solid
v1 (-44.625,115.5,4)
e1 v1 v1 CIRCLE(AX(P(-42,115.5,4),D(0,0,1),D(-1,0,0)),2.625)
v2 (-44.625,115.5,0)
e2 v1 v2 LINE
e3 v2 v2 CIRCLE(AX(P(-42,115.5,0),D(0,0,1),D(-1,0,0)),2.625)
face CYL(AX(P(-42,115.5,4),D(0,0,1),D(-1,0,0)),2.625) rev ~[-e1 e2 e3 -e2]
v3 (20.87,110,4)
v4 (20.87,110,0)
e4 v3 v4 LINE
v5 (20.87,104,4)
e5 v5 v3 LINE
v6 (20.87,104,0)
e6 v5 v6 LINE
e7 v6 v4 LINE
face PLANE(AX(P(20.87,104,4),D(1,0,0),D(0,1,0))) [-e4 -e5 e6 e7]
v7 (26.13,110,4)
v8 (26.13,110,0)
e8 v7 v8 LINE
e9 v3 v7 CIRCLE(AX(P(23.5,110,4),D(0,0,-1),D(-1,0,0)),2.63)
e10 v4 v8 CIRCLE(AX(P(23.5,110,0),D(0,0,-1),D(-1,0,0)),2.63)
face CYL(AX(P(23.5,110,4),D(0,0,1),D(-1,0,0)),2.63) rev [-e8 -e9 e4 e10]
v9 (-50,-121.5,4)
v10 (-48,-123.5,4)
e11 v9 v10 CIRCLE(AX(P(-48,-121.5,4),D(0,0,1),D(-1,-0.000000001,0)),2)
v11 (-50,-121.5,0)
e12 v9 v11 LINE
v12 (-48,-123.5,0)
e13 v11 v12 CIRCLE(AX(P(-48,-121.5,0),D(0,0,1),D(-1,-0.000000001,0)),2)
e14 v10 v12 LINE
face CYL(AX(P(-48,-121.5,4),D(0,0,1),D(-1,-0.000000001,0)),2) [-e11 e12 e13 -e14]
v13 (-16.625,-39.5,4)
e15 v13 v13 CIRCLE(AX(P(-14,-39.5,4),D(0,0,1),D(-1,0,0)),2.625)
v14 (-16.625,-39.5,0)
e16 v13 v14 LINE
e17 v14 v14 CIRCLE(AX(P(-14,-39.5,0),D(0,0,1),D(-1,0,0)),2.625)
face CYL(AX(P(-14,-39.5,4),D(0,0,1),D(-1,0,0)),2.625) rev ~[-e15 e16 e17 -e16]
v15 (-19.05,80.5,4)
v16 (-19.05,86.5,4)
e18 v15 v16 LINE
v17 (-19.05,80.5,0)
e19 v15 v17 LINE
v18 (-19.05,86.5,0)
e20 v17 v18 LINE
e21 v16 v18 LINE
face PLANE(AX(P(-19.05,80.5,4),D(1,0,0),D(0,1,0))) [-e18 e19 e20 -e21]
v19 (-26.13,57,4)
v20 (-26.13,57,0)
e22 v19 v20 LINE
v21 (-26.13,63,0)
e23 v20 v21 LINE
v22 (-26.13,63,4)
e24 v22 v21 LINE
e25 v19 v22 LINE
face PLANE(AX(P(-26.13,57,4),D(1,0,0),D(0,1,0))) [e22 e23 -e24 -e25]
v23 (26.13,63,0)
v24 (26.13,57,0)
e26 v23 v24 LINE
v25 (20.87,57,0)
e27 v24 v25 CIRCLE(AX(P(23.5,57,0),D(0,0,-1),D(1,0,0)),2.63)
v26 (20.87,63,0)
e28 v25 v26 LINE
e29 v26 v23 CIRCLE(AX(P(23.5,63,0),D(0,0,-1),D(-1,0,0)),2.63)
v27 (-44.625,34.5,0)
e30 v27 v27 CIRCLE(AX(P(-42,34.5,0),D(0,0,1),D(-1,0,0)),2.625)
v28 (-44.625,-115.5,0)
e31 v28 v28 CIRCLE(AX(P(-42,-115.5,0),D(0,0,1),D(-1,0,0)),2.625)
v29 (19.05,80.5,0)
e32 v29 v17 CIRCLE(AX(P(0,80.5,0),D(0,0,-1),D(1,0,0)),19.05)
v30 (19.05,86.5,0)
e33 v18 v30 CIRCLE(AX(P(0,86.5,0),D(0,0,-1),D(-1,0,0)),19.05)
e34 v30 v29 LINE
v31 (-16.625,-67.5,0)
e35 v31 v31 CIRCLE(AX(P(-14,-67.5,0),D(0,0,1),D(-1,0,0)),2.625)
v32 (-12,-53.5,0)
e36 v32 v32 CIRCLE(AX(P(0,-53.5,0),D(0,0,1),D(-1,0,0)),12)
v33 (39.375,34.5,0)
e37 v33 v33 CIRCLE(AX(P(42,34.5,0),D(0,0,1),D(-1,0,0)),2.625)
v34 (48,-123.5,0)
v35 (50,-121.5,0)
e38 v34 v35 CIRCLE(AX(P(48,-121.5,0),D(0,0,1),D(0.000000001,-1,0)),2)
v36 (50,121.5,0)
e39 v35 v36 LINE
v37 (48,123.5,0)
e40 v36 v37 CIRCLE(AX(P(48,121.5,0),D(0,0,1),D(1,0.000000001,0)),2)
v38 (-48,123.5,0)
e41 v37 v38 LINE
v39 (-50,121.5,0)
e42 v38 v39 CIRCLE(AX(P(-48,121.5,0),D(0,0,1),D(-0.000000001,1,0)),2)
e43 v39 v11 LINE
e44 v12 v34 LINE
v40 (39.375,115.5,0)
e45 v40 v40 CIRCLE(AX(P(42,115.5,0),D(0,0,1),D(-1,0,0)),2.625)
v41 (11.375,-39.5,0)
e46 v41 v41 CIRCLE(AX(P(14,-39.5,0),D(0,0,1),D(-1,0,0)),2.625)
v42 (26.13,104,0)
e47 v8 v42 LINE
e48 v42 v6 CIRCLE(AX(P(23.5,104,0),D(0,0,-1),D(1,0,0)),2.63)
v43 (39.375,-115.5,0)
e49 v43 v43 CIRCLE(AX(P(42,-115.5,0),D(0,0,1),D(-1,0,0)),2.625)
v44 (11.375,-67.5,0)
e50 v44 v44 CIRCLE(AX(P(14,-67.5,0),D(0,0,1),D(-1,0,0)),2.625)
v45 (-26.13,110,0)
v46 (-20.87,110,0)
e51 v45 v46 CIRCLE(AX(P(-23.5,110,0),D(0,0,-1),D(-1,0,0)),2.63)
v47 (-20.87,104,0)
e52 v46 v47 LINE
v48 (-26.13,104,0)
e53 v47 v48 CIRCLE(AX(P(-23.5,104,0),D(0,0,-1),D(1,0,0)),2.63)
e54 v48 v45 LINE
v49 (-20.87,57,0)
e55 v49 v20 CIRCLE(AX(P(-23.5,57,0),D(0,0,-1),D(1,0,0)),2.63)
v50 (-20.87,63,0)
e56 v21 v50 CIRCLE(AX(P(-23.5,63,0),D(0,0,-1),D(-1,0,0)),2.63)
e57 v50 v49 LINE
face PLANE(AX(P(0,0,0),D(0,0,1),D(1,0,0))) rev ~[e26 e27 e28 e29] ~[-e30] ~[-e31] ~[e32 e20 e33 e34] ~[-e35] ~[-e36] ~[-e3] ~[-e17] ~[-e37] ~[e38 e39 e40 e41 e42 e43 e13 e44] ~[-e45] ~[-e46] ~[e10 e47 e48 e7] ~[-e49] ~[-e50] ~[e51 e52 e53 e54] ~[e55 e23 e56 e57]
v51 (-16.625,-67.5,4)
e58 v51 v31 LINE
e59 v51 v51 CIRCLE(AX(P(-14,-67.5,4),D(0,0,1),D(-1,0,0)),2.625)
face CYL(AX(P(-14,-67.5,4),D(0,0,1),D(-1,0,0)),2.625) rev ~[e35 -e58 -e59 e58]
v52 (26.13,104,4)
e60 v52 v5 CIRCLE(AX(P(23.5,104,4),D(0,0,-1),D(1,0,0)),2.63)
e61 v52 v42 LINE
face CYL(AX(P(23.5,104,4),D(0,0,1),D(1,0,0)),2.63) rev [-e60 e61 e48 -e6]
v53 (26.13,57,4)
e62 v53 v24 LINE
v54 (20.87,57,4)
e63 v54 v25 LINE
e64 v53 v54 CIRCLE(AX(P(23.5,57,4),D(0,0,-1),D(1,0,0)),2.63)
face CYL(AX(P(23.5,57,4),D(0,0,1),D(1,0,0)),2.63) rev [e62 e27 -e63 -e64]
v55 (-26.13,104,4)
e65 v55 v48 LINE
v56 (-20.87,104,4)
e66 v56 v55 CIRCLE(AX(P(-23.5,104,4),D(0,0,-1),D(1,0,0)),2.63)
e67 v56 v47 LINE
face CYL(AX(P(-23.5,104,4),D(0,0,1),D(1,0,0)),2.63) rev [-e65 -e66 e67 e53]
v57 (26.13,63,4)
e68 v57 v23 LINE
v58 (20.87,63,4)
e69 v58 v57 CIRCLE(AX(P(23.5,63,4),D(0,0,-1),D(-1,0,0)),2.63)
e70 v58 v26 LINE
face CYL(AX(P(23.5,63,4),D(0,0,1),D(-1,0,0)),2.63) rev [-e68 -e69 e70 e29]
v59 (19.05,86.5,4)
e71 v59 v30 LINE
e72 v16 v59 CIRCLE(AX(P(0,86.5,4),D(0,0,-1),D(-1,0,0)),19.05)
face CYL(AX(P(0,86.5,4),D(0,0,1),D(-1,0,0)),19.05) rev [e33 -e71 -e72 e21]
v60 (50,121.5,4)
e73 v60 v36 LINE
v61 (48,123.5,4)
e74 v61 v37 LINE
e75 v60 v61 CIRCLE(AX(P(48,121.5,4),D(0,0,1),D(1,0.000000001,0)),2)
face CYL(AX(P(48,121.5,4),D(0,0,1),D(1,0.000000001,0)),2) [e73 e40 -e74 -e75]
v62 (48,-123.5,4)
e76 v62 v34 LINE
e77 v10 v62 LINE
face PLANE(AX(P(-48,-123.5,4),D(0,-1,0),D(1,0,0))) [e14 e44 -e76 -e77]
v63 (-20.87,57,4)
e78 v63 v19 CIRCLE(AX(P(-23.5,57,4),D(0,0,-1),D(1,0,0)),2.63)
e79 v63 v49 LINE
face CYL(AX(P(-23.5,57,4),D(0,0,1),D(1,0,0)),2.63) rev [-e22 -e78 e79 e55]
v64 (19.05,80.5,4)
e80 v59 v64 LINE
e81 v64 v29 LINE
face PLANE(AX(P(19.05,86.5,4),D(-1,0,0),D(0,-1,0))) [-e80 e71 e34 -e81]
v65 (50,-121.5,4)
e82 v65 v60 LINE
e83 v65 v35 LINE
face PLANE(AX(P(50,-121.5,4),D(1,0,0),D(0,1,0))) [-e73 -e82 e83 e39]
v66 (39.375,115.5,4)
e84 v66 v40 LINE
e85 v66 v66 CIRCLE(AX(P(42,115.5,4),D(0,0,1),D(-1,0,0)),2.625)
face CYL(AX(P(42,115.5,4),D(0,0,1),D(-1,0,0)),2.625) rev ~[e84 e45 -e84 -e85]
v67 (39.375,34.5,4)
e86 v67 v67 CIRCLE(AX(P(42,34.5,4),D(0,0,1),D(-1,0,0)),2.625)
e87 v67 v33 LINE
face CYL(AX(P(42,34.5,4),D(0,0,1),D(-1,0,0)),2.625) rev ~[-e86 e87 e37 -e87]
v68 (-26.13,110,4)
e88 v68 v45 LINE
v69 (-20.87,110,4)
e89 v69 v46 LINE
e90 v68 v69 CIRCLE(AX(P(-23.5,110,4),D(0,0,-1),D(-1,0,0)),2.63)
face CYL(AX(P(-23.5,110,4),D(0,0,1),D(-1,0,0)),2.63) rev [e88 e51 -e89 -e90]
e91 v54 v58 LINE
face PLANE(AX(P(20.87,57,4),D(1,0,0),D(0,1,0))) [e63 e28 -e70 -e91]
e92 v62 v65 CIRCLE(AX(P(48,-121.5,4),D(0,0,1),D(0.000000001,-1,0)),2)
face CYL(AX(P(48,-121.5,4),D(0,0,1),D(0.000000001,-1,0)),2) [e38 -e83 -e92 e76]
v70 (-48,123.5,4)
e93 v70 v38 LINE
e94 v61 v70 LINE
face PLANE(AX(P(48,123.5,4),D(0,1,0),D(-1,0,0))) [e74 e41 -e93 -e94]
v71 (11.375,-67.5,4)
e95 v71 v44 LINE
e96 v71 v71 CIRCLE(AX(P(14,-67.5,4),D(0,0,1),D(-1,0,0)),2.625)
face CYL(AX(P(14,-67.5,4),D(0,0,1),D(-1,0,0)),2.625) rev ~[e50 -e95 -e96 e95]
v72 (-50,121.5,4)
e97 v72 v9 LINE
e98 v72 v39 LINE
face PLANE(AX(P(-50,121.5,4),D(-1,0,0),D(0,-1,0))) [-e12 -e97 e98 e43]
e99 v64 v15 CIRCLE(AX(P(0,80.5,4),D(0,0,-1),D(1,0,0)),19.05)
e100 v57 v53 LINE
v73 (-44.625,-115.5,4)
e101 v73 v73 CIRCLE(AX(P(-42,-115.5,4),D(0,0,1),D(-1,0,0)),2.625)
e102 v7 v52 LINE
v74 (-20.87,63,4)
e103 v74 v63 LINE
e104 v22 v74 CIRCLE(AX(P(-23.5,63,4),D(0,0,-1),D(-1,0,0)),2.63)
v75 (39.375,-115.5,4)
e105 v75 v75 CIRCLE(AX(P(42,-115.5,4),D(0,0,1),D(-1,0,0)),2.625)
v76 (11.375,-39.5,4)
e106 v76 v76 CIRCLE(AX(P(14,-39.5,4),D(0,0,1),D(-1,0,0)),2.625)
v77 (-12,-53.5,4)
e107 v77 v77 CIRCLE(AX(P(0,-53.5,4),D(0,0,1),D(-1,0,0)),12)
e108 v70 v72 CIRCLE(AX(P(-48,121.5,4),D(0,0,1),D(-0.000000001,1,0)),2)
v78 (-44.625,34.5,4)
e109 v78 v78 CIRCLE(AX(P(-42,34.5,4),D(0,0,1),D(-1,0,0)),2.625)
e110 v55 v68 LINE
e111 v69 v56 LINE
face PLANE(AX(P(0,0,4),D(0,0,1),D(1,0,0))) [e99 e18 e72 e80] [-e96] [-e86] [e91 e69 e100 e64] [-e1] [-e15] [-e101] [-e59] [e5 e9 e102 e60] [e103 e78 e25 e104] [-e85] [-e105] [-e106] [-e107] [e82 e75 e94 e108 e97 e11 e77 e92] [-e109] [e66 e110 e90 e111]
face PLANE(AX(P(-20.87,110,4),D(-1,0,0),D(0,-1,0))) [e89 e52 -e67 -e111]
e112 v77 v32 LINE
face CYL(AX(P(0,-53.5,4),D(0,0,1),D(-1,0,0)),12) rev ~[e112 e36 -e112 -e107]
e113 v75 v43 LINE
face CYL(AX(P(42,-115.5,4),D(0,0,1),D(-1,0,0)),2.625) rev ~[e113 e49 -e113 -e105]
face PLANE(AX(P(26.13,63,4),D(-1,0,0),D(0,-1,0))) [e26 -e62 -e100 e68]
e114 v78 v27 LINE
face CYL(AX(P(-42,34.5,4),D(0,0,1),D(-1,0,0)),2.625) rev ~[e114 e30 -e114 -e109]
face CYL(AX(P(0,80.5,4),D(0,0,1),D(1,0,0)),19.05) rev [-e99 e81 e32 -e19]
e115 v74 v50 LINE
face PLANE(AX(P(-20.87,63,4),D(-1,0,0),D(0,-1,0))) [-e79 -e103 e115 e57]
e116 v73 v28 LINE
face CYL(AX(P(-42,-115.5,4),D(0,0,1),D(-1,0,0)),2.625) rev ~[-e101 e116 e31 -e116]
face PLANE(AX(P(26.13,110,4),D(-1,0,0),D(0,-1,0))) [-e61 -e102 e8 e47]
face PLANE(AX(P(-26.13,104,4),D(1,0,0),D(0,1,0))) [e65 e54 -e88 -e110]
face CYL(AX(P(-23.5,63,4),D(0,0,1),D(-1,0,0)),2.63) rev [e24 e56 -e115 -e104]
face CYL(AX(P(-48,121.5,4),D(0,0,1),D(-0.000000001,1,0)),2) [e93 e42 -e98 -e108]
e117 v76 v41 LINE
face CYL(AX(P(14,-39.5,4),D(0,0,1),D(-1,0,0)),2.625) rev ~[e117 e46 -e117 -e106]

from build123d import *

# Parameters (mm, degrees)
SKETCH1_R           = 2.625
SKETCH1_R_2         = 12
BOSS_EXTRUDE1_DEPTH = 4


with BuildPart() as part:
    # Sketch1 → Boss-Extrude1 (new body)
    with BuildSketch(Plane.XY.offset(4)):
        with BuildLine():
            Line((-48, -123.5), (48, -123.5))
            ThreePointArc((48, -123.5), (49.414213562, -122.914213562), (50, -121.5))
            Line((50, -121.5), (50, 121.5))
            ThreePointArc((50, 121.5), (49.414213562, 122.914213562), (48, 123.5))
            Line((48, 123.5), (-48, 123.5))
            ThreePointArc((-48, 123.5), (-49.414213562, 122.914213562), (-50, 121.5))
            Line((-50, 121.5), (-50, -121.5))
            ThreePointArc((-50, -121.5), (-49.414213562, -122.914213562), (-48, -123.5))
        make_face()
        with Locations(Location((14, -67.5, 0), (0, 0, 180))):
            Circle(SKETCH1_R, mode=Mode.SUBTRACT)
        with Locations(Location((-14, -67.5, 0), (0, 0, 180))):
            Circle(SKETCH1_R, mode=Mode.SUBTRACT)
        with Locations(Location((14, -39.5, 0), (0, 0, 180))):
            Circle(SKETCH1_R, mode=Mode.SUBTRACT)
        with Locations(Location((42, 115.5, 0), (0, 0, 180))):
            Circle(SKETCH1_R, mode=Mode.SUBTRACT)
        with Locations(Location((0, -53.5, 0), (0, 0, 180))):
            Circle(SKETCH1_R_2, mode=Mode.SUBTRACT)
        with Locations(Location((-42, 34.5, 0), (0, 0, 180))):
            Circle(SKETCH1_R, mode=Mode.SUBTRACT)
        with Locations(Location((-42, -115.5, 0), (0, 0, 180))):
            Circle(SKETCH1_R, mode=Mode.SUBTRACT)
        with Locations(Location((-14, -39.5, 0), (0, 0, 180))):
            Circle(SKETCH1_R, mode=Mode.SUBTRACT)
        with Locations(Location((42, 34.5, 0), (0, 0, 180))):
            Circle(SKETCH1_R, mode=Mode.SUBTRACT)
        with Locations(Location((42, -115.5, 0), (0, 0, 180))):
            Circle(SKETCH1_R, mode=Mode.SUBTRACT)
        with Locations(Location((-42, 115.5, 0), (0, 0, 180))):
            Circle(SKETCH1_R, mode=Mode.SUBTRACT)
        with BuildLine():
            Line((-26.13, 57), (-26.13, 63))
            ThreePointArc((-26.13, 63), (-23.5, 65.63), (-20.87, 63))
            Line((-20.87, 63), (-20.87, 57))
            ThreePointArc((-20.87, 57), (-23.5, 54.37), (-26.13, 57))
        make_face(mode=Mode.SUBTRACT)
        with BuildLine():
            Line((20.87, 104), (20.87, 110))
            ThreePointArc((20.87, 110), (23.5, 112.63), (26.13, 110))
            Line((26.13, 110), (26.13, 104))
            ThreePointArc((26.13, 104), (23.5, 101.37), (20.87, 104))
        make_face(mode=Mode.SUBTRACT)
        with BuildLine():
            Line((-19.05, 80.5), (-19.05, 86.5))
            ThreePointArc((-19.05, 86.5), (0, 105.55), (19.05, 86.5))
            Line((19.05, 86.5), (19.05, 80.5))
            ThreePointArc((19.05, 80.5), (0, 61.45), (-19.05, 80.5))
        make_face(mode=Mode.SUBTRACT)
        with BuildLine():
            Line((26.13, 63), (26.13, 57))
            ThreePointArc((26.13, 57), (23.5, 54.37), (20.87, 57))
            Line((20.87, 57), (20.87, 63))
            ThreePointArc((20.87, 63), (23.5, 65.63), (26.13, 63))
        make_face(mode=Mode.SUBTRACT)
        with BuildLine():
            Line((-20.87, 110), (-20.87, 104))
            ThreePointArc((-20.87, 104), (-23.5, 101.37), (-26.13, 104))
            Line((-26.13, 104), (-26.13, 110))
            ThreePointArc((-26.13, 110), (-23.5, 112.63), (-20.87, 110))
        make_face(mode=Mode.SUBTRACT)
    extrude(amount=-BOSS_EXTRUDE1_DEPTH)


solid = part.part
